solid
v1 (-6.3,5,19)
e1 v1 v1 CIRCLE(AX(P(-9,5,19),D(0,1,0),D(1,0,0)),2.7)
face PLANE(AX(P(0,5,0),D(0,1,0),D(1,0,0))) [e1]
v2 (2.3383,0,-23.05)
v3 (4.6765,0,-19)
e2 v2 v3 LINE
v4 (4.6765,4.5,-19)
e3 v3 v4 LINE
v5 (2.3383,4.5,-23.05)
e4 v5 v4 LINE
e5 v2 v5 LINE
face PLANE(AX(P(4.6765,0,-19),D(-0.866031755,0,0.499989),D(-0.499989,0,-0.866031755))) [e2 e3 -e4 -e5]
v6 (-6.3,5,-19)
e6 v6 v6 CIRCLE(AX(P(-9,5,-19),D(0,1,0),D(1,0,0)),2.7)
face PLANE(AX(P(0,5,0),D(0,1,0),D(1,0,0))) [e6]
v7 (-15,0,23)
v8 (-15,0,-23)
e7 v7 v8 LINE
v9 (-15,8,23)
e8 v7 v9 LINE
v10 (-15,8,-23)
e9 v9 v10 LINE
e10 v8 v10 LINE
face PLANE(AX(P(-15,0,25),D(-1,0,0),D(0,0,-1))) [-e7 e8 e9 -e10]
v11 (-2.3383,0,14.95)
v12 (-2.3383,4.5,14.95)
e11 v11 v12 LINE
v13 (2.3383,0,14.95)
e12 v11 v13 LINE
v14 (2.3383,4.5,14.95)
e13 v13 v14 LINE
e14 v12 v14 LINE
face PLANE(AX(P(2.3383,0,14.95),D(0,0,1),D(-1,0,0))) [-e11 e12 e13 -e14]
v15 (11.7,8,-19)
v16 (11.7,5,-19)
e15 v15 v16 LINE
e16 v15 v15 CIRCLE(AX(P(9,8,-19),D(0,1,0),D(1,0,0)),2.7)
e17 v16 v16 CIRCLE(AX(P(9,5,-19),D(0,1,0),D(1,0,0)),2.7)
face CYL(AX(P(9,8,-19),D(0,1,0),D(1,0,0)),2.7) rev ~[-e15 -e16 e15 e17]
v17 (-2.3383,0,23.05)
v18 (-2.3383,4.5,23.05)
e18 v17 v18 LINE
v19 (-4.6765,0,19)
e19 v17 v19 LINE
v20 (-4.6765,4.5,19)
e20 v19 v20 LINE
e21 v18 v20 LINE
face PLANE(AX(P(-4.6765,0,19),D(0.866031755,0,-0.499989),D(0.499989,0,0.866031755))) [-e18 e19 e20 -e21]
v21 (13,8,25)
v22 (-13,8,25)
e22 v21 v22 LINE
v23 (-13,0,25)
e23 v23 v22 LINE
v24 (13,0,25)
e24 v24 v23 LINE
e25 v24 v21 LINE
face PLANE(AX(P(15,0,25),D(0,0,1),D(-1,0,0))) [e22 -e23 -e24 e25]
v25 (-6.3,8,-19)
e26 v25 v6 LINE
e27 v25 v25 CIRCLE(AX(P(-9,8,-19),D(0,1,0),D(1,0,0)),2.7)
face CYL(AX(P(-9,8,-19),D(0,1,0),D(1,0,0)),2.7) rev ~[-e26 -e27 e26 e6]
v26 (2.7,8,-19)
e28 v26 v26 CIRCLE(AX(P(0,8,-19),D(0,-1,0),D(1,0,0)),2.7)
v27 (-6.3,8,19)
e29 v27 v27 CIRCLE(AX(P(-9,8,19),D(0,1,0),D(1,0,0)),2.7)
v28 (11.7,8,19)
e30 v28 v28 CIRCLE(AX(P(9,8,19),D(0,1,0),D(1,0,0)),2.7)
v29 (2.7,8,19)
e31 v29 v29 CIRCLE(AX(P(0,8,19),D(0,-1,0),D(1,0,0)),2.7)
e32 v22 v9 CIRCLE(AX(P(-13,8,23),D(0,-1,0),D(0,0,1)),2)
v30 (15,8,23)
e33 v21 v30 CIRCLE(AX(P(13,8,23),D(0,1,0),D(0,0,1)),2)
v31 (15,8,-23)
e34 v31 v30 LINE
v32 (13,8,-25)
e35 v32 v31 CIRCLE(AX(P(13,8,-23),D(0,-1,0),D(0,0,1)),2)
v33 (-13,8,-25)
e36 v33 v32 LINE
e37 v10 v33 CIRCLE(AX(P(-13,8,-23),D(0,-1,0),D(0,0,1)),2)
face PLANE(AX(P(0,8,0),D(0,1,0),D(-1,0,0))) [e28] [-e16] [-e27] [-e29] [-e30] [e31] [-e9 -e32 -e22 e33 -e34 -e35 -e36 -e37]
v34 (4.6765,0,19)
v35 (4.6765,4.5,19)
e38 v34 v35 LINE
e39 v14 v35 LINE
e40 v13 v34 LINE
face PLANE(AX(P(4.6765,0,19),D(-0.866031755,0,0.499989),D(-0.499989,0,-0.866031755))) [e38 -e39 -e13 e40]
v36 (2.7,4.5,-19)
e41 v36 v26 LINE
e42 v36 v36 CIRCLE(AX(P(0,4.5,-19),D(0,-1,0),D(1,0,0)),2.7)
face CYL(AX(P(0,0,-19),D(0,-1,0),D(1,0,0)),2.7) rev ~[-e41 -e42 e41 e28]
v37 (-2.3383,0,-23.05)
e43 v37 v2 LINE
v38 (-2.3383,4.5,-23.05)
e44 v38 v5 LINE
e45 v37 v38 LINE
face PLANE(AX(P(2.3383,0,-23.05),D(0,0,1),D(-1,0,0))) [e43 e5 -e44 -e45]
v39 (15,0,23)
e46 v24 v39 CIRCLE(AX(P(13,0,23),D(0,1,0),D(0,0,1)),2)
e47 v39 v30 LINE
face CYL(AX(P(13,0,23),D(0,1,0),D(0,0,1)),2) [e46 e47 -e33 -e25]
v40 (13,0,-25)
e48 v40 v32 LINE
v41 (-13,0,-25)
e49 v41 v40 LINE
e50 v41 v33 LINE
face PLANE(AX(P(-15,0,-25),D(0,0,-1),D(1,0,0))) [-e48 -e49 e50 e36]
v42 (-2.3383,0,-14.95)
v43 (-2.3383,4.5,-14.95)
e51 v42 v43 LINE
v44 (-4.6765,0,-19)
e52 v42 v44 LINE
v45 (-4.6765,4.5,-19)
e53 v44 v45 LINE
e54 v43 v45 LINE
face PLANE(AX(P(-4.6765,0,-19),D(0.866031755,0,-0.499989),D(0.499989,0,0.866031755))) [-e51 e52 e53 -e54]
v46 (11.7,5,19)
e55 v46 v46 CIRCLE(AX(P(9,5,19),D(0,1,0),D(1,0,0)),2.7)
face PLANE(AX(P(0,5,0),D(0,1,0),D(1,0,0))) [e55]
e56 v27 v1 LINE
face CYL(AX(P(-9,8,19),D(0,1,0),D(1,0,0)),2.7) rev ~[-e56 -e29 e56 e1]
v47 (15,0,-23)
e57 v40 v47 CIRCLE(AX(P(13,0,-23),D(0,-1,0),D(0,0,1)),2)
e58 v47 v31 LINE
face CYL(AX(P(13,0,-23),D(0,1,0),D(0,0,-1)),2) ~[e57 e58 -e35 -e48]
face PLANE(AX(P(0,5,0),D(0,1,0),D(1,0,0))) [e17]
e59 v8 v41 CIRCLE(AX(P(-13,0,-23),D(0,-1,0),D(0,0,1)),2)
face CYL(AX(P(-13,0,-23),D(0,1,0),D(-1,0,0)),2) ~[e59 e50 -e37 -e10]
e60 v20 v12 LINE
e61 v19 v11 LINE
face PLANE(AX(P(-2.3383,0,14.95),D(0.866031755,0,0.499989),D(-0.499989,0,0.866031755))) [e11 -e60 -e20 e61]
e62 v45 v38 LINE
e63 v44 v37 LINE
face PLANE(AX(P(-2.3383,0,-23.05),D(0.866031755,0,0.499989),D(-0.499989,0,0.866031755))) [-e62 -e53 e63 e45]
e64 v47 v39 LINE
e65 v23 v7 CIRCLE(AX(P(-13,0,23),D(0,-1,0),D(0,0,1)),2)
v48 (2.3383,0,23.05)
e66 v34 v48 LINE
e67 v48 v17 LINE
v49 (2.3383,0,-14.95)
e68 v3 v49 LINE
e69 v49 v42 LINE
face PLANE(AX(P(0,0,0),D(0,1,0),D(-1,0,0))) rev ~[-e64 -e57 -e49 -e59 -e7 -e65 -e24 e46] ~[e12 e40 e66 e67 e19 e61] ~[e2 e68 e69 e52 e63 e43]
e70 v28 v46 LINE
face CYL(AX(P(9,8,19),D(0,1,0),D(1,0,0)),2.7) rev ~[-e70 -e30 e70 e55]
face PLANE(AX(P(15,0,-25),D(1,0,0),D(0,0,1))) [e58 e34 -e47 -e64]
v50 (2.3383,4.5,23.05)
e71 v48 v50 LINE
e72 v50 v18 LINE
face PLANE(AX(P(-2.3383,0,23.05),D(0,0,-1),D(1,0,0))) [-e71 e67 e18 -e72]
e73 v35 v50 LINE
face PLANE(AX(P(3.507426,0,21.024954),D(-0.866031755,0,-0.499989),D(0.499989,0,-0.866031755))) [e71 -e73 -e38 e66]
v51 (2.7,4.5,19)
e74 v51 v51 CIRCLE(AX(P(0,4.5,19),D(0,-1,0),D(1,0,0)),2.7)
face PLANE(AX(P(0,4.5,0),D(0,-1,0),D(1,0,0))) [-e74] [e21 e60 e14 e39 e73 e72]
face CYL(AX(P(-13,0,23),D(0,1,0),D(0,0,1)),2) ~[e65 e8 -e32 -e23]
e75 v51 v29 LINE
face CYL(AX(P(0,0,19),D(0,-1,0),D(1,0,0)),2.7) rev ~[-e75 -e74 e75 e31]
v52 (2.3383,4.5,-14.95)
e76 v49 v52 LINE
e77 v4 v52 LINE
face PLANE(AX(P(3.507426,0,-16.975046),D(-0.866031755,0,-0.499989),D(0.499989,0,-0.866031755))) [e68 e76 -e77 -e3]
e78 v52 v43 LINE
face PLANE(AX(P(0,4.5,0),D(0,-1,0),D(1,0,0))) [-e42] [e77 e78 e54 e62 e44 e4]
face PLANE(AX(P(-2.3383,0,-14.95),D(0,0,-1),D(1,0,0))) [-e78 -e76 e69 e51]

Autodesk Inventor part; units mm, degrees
ref_plane "YZ Plane" through (0, 0, 0) normal (1, 0, 0) x (0, 1, 0)
ref_plane "XZ Plane" through (0, 0, 0) normal (0, 1, 0) x (-1, 0, 0)
ref_plane "XY Plane" through (0, 0, 0) normal (0, 0, 1) x (1, 0, 0)
sketch "Boceto1" plane through (0, 0, 0) normal (0, 1, 0) x (-1, 0, 0)
  line L0 (-15, 25) -> (15, 25)
  line L1 (15, 25) -> (15, -25)
  line L2 (15, -25) -> (-15, -25)
  line L3 (-15, -25) -> (-15, 25)
  line L4 (-15, 25) -> (15, -25) construction
  line L5 (15, 25) -> (-15, -25) construction
  point P0 (0, 0)
  dimension "d0" = 50
  dimension "d1" = 30
extrude "Extrusión1" add sketch "Boceto1" along normal blind 8
fillet "Empalme1" radius 2 4 edges at (15, 4, 25) (-15, 4, 25) (15, 4, -25) (-15, 4, -25)
sketch "Boceto2" plane through (0, 8, 0) normal (0, 1, 0) x (1, 0, 0)
  circle A0 centre (-9, 19) radius 2.7
  circle A1 centre (9, 19) radius 2.7
  circle A2 centre (9, -19) radius 2.7
  circle A3 centre (-9, -19) radius 2.7
  line L0 (13, 25) -> (-13, 25) projected
  line L1 (-15, 23) -> (-15, -23) projected
  line L2 (15, -23) -> (15, 23) projected
  line L3 (-13, -25) -> (13, -25) projected
  point P0 (0, 0)
  dimension "d5" = 5.4
  dimension "d6" = 6
  dimension "d7" = 6
  dimension "d8" = 6
  dimension "d9" = 6
extrude "Extrusión2" cut sketch "Boceto2" against normal blind 3
sketch "Boceto3" plane through (0, 0, 0) normal (0, -1, 0) x (1, 0, 0)
  circle A0 centre (0, 19) radius 2.7
  circle A1 centre (0, -19) radius 2.7
  circle A2 centre (-9, -19) radius 2.7 projected
  circle A3 centre (-9, 19) radius 2.7 projected
  point P0 (0, 0)
  dimension "d12" = 5.4
extrude "Extrusión3" cut sketch "Boceto3" against normal through all contours A0 | A1
sketch "Boceto4" plane through (0, 0, 0) normal (0, -1, 0) x (1, 0, 0)
  circle A0 centre (0, -19) radius 2.7 projected
  circle A1 centre (0, -19) radius 4.05
  line L0 (2.3383, -14.95) -> (4.6765, -19)
  line L1 (4.6765, -19) -> (2.3383, -23.05)
  line L2 (2.3383, -23.05) -> (-2.3383, -23.05)
  line L3 (-2.3383, -23.05) -> (-4.6765, -19)
  line L4 (-4.6765, -19) -> (-2.3383, -14.95)
  line L5 (-2.3383, -14.95) -> (2.3383, -14.95)
  circle A2 centre (0, 19) radius 4.05
  line L6 (-4.6765, 19) -> (-2.3383, 23.05)
  line L7 (-2.3383, 23.05) -> (2.3383, 23.05)
  line L8 (2.3383, 23.05) -> (4.6765, 19)
  line L9 (4.6765, 19) -> (2.3383, 14.95)
  line L10 (2.3383, 14.95) -> (-2.3383, 14.95)
  line L11 (-2.3383, 14.95) -> (-4.6765, 19)
  point P0 (0, 0)
  dimension "d15" = 8.1
extrude "Extrusión4" cut sketch "Boceto4" against normal blind 4.5 contours A0 | A1 | A1 L0 L1 | A1 L5 L0 | L1 L2 A1 | A1 L4 L5 | L2 L3 A1 | A1 L3 L4 | A2 | A2 L8 L9 | A2 L7 L8 | L9 L10 A2 | A2 L6 L7 | L10 L11 A2 | A2 L11 L6
properties part number "ViseB"
